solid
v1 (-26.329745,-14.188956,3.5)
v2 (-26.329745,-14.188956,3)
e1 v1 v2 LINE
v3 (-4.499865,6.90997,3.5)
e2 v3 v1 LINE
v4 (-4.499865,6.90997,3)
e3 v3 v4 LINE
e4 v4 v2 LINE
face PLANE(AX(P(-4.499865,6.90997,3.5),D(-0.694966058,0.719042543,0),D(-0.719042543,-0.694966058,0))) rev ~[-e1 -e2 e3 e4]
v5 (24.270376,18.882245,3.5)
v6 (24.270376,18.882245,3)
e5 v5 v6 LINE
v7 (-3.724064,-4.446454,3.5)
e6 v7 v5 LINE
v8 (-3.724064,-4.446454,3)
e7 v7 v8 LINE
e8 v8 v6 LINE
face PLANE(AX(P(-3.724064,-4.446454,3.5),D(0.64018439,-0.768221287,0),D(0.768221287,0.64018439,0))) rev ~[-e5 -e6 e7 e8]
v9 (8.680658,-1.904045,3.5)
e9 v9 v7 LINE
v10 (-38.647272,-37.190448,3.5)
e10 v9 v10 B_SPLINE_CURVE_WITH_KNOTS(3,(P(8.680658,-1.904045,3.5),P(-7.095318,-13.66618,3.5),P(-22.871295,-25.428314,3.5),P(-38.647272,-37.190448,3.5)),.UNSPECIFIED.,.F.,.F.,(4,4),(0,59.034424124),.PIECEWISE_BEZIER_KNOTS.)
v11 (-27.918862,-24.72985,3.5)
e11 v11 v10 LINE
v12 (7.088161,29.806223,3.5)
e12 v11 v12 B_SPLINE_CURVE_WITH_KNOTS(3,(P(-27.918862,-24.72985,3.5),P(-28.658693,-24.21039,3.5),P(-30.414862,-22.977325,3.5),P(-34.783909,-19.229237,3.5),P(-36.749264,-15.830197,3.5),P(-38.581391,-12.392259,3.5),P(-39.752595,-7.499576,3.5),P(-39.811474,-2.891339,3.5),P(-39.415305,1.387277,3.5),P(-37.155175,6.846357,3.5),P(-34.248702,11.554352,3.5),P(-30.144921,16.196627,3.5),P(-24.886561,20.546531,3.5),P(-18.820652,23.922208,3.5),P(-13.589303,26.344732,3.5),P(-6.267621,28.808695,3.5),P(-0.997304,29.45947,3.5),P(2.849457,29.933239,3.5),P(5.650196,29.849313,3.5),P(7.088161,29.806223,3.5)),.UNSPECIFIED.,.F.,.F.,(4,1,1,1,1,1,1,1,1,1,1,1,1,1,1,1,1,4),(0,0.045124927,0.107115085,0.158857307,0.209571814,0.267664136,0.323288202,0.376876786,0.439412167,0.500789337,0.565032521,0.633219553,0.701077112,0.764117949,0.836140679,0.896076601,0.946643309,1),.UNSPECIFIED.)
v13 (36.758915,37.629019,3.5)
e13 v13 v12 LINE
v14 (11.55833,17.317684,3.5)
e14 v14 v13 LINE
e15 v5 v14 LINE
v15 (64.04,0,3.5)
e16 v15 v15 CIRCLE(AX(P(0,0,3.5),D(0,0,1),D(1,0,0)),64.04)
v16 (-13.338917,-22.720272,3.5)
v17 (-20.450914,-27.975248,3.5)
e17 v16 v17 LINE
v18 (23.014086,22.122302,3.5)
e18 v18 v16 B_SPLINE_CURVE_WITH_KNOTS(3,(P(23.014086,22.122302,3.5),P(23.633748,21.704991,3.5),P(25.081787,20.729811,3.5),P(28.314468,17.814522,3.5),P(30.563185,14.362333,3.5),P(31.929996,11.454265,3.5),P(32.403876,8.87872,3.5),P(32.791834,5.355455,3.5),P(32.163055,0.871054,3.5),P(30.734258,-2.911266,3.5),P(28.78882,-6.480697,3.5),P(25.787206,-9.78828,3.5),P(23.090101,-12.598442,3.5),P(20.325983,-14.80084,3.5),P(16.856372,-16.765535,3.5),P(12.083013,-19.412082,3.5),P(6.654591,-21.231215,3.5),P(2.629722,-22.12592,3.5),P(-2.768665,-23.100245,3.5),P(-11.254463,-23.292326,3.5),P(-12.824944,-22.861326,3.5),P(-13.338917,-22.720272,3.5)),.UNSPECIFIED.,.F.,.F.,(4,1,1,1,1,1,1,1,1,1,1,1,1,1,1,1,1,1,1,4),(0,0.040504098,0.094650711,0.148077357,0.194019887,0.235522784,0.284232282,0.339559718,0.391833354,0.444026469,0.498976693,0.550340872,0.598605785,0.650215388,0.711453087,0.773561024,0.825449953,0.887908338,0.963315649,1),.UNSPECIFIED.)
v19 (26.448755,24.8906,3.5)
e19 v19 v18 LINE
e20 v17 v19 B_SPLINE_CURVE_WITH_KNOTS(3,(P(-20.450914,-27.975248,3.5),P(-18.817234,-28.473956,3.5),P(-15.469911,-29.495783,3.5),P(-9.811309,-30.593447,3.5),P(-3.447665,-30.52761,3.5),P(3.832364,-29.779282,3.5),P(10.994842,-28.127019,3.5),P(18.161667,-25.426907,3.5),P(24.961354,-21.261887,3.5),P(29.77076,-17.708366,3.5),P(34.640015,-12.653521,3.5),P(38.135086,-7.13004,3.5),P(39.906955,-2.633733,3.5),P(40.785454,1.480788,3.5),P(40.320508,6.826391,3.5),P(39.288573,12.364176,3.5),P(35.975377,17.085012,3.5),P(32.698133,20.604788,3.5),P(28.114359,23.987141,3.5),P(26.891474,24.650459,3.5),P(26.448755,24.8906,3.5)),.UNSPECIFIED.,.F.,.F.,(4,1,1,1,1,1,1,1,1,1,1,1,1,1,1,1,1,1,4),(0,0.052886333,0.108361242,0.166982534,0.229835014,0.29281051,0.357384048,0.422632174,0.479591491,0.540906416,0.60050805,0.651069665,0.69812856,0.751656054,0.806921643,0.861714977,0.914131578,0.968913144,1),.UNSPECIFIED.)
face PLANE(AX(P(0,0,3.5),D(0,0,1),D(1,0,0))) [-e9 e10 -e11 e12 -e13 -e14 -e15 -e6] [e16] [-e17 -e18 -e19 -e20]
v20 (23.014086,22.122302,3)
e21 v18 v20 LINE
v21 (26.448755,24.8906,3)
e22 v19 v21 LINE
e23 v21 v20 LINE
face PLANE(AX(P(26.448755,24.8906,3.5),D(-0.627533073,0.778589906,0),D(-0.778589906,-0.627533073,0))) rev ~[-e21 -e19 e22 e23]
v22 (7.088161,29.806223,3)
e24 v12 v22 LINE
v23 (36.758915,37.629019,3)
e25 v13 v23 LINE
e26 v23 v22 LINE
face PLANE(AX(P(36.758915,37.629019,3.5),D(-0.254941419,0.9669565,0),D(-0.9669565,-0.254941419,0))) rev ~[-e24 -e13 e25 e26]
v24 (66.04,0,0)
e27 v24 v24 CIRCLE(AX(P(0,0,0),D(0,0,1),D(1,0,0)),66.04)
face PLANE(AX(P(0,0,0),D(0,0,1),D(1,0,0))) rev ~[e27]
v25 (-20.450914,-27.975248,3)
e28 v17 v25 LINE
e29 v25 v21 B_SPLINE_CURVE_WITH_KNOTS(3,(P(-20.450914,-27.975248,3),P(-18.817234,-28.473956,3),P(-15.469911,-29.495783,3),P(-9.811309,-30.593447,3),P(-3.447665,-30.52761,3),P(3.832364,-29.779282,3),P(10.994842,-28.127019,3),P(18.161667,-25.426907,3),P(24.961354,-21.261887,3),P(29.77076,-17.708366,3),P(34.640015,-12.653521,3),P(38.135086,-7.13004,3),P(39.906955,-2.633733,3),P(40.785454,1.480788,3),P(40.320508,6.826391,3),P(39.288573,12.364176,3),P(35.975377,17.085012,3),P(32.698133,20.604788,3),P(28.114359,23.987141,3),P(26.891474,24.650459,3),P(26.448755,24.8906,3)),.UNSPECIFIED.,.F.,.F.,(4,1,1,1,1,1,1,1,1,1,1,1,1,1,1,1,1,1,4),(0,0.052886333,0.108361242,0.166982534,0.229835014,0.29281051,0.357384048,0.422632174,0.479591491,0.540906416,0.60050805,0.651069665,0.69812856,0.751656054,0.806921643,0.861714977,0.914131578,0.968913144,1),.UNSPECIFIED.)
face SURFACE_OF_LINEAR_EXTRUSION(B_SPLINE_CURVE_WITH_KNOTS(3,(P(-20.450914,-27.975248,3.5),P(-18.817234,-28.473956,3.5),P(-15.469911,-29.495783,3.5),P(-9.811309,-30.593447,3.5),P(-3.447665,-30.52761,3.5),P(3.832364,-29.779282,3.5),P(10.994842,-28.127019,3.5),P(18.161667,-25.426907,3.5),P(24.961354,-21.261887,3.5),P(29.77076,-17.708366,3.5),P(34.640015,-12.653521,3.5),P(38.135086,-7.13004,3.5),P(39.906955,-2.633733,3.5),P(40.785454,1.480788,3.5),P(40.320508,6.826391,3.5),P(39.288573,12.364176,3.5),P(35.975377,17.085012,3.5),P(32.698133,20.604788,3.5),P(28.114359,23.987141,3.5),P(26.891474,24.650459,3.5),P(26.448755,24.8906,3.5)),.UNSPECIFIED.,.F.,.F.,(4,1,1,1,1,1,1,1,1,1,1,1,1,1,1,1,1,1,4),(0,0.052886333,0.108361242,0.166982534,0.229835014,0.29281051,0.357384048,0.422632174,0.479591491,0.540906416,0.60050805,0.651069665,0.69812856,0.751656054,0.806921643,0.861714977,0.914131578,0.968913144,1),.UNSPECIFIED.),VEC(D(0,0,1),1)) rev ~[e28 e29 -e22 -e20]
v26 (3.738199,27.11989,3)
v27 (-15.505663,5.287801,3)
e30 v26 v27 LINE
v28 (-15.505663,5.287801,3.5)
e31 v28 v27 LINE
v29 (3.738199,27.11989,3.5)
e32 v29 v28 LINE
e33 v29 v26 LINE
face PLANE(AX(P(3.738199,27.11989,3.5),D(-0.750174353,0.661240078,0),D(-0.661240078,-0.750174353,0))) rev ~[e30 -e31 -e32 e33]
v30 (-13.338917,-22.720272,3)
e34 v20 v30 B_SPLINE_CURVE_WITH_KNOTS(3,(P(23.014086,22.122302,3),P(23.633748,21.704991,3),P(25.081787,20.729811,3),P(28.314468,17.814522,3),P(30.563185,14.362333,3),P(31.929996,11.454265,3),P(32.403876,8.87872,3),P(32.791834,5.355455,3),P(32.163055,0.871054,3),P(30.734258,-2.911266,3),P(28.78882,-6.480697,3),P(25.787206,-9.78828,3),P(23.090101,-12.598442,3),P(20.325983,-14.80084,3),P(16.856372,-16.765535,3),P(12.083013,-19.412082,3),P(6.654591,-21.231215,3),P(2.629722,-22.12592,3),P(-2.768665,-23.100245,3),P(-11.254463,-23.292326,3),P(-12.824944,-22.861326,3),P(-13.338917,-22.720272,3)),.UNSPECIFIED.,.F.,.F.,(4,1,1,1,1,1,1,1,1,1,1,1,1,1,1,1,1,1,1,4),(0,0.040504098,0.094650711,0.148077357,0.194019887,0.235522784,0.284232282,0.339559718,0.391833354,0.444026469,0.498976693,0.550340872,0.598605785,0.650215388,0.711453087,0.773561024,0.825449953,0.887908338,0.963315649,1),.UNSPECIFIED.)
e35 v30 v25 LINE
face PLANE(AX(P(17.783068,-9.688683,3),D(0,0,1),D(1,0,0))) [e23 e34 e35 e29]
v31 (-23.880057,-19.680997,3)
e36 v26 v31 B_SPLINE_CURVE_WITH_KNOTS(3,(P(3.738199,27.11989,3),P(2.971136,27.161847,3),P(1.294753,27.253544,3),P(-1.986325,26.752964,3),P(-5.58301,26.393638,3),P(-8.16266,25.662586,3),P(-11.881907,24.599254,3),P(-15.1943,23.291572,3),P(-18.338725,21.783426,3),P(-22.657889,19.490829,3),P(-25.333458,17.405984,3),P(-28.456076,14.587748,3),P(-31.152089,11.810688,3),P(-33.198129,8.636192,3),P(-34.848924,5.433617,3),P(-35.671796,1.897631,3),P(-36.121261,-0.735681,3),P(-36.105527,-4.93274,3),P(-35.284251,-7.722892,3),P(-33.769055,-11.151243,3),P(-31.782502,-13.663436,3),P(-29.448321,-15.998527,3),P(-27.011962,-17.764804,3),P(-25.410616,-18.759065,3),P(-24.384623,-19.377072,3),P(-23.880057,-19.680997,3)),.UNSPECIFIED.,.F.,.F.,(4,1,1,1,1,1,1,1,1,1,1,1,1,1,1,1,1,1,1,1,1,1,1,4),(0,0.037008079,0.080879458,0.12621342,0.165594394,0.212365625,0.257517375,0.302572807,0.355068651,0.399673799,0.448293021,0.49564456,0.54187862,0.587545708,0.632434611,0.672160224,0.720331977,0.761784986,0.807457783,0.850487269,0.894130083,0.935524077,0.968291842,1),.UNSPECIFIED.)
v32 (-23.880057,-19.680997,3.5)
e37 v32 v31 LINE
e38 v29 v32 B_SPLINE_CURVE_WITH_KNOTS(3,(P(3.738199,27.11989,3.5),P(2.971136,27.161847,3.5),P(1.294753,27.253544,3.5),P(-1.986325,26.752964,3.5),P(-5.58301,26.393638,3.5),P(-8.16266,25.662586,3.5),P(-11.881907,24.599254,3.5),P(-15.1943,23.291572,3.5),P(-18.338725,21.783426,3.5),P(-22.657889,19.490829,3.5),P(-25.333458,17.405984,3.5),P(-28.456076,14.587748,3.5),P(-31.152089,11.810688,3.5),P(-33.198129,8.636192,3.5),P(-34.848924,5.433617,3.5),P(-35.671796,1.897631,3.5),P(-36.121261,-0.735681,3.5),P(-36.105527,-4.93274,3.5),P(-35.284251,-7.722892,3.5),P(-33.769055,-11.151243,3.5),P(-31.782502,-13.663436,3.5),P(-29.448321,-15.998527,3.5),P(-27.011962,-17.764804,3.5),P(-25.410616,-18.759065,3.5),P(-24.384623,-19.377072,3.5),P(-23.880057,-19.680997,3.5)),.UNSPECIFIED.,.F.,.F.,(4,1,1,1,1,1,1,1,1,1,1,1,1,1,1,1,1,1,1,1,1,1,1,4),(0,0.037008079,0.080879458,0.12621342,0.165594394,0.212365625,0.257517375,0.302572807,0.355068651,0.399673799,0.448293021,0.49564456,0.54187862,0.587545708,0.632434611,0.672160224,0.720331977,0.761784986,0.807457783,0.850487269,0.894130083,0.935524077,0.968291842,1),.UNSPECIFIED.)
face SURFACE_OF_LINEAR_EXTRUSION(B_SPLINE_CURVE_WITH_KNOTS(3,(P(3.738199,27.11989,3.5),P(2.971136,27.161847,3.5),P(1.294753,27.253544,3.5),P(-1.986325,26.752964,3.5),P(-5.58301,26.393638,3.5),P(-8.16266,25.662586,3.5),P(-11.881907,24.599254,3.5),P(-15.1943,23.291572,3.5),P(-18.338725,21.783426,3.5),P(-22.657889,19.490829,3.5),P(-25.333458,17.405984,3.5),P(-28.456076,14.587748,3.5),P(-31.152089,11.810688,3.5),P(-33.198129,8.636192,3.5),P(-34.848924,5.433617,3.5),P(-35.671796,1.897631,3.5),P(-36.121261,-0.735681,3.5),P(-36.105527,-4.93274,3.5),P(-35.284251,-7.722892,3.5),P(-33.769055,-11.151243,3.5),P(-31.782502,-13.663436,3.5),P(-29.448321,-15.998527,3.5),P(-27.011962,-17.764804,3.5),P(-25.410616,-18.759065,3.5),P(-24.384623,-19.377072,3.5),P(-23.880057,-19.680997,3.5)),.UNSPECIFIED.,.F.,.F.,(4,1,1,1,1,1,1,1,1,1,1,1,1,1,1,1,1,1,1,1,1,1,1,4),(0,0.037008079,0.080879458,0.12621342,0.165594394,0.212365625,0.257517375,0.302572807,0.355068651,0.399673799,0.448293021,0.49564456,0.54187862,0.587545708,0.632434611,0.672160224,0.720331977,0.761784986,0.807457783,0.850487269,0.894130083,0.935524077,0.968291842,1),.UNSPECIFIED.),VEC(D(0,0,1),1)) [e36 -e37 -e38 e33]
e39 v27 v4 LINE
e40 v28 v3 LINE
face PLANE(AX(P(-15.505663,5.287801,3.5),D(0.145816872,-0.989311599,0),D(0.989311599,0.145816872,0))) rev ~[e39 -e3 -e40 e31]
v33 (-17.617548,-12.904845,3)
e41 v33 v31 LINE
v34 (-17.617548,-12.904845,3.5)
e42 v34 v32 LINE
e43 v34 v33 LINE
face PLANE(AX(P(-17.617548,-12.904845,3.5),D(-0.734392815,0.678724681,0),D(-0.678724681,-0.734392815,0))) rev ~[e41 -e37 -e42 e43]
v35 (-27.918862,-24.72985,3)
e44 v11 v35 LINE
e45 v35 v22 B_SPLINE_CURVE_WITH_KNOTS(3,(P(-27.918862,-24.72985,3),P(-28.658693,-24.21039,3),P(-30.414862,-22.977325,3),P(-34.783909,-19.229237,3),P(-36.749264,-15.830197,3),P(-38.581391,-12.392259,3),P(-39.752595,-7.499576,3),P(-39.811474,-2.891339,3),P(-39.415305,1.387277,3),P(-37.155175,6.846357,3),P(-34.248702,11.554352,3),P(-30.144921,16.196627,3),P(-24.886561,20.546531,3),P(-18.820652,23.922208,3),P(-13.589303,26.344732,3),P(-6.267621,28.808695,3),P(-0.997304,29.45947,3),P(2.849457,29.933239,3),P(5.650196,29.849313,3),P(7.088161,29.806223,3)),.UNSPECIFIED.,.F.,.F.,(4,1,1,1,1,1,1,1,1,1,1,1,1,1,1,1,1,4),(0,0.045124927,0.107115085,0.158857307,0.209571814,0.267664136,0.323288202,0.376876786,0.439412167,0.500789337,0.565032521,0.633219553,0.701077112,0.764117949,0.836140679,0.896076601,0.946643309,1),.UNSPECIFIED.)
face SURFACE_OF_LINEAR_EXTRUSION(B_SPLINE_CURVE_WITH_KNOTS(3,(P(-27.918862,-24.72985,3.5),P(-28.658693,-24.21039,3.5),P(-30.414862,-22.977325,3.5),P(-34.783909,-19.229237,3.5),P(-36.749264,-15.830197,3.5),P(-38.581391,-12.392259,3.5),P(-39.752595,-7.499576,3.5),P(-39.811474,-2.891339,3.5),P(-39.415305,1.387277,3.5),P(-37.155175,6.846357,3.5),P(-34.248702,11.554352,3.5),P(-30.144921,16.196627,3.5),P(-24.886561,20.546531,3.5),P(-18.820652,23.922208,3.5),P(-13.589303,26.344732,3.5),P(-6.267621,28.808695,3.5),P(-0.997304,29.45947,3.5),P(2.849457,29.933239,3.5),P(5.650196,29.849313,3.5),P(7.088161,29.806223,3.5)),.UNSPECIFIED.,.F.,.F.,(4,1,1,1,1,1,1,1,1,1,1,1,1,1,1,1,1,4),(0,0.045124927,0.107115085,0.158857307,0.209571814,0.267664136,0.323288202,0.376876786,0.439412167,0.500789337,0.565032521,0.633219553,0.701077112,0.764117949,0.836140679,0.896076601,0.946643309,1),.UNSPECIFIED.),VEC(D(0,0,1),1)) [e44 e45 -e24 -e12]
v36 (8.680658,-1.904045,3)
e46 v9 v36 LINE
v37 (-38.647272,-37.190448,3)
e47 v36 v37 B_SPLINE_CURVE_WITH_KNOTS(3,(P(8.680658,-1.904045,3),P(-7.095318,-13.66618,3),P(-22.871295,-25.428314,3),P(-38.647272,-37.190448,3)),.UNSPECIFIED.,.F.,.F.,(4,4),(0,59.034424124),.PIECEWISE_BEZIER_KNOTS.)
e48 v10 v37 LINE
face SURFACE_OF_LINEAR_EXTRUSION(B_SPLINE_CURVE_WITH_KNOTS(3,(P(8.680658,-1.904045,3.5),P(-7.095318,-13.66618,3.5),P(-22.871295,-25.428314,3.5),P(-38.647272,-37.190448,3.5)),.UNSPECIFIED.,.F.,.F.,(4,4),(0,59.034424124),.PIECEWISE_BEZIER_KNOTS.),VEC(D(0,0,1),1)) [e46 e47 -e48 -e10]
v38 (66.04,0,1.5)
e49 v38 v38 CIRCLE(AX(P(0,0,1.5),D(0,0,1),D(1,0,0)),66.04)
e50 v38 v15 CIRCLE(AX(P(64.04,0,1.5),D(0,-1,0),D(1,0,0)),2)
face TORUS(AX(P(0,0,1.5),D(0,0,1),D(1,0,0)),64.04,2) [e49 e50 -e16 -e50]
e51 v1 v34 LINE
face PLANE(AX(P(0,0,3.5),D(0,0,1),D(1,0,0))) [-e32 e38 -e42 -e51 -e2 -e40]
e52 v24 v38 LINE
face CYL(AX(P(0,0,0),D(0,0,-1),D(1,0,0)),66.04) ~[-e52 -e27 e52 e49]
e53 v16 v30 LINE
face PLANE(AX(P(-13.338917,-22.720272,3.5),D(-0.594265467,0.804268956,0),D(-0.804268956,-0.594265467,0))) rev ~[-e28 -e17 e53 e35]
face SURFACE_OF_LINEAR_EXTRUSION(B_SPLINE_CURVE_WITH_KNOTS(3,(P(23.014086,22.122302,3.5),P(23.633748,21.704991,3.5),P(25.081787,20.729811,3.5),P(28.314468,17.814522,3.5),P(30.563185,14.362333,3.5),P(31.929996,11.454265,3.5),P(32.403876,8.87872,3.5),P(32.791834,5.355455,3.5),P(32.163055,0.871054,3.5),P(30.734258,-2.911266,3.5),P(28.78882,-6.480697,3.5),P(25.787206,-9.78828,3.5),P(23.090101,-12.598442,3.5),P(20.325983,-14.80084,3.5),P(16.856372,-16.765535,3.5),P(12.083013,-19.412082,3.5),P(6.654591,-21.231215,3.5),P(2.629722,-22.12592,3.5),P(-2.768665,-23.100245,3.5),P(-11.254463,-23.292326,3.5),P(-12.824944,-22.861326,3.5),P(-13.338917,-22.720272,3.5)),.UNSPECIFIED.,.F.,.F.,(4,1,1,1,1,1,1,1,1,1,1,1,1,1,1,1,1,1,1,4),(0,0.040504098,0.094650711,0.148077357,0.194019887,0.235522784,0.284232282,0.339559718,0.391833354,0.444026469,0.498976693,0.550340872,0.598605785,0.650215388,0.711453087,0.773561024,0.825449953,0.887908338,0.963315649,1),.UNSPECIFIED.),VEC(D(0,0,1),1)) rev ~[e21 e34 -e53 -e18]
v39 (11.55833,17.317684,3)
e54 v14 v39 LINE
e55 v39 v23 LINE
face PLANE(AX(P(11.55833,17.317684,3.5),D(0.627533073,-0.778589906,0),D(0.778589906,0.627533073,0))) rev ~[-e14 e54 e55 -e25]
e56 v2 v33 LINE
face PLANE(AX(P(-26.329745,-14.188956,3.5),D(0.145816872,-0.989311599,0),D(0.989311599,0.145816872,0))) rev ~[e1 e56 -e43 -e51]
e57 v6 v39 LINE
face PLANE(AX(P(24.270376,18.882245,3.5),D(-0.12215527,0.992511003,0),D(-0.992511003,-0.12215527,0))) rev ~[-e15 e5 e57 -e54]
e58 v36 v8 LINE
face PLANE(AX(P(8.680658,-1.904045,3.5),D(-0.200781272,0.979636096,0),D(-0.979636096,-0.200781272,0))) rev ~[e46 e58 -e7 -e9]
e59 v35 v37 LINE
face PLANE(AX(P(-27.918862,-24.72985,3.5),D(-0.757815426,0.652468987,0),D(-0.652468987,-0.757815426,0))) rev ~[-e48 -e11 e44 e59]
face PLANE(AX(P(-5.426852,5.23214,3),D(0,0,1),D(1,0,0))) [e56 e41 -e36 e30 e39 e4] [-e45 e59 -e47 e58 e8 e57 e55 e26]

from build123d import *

# Parameters (mm, degrees)
F0_R     = 66.04
F1_DEPTH = 3.5
F3_DEPTH = 0.5
F4_R     = 2


with BuildPart() as f1:
    # F0 (on Top) → F1 (new body)
    with BuildSketch(Plane.XY):
        Circle(F0_R)
    extrude(amount=F1_DEPTH)

    # F2 (on face) → F3 (cut)
    with BuildSketch(Plane.XY.offset(3.5)):
        with BuildLine():
            Line((36.7589145899, 37.629019469), (7.088160608, 29.8062227666))
            add(Edge.make_bspline(
                [(-27.9188621789, -24.7298497707), (-28.6586928586, -24.2103901464), (-30.4148624686, -22.977325297), (-34.7839086401, -19.2292372163), (-36.7492639554, -15.8301967621), (-38.5813905625, -12.392258781), (-39.75259532, -7.49957565), (-39.8114737138, -2.8913390892), (-39.4153051917, 1.3872774793), (-37.155174617, 6.8463574778), (-34.2487020488, 11.5543521179), (-30.1449211522, 16.1966267345), (-24.8865606472, 20.5465305085), (-18.820652323, 23.9222079865), (-13.5893033373, 26.3447324713), (-6.2676210393, 28.8086948244), (-0.9973036761, 29.4594702935), (2.8494568659, 29.9332388479), (5.6501959782, 29.8493125043), (7.088160608, 29.8062227666)],
                knots=[0, 0, 0, 0, 0.0451249272, 0.1071150846, 0.1588573068, 0.2095718144, 0.267664136, 0.3232882023, 0.3768767861, 0.4394121671, 0.5007893365, 0.5650325207, 0.6332195526, 0.7010771123, 0.7641179487, 0.8361406793, 0.8960766014, 0.946643309, 1, 1, 1, 1], degree=3))
            Line((-27.9188621789, -24.7298497707), (-38.6472716928, -37.1904484928))
            add(Edge.make_bspline(
                [(8.680658415, -1.9040451152), (-7.0953182876, -13.6661795744), (-22.8712949902, -25.4283140336), (-38.6472716928, -37.1904484928)],
                knots=[0, 0, 0, 0, 59.0344241236, 59.0344241236, 59.0344241236, 59.0344241236], degree=3))
            Line((8.680658415, -1.9040451152), (-3.7240635138, -4.4464543462))
            Line((-3.7240635138, -4.4464543462), (24.2703761905, 18.8822448254))
            Line((24.2703761905, 18.8822448254), (11.5583296865, 17.3176843673))
            Line((11.5583296865, 17.3176843673), (36.7589145899, 37.629019469))
        make_face()
        with BuildLine():
            add(Edge.make_bspline(
                [(3.7381993607, 27.1198898554), (2.971135623, 27.1618474152), (1.2947530215, 27.2535437369), (-1.9863245634, 26.752964039), (-5.5830102518, 26.3936384961), (-8.1626603235, 25.6625858195), (-11.8819068257, 24.5992540716), (-15.194299707, 23.2915717189), (-18.3387248736, 21.7834257182), (-22.657889275, 19.4908286459), (-25.3334584396, 17.405984417), (-28.4560760539, 14.5877478565), (-31.1520888031, 11.8106881463), (-33.1981293641, 8.6361921113), (-34.8489244867, 5.4336172817), (-35.6717957614, 1.8976307489), (-36.1212606559, -0.7356813567), (-36.1055273874, -4.9327401117), (-35.284250801, -7.7228924909), (-33.7690554357, -11.151243353), (-31.7825018341, -13.6634363898), (-29.4483207392, -15.9985267381), (-27.0119624763, -17.7648035422), (-25.4106160526, -18.7590652994), (-24.3846229373, -19.3770721413), (-23.8800570369, -19.6809973568)],
                knots=[0, 0, 0, 0, 0.0370080786, 0.0808794576, 0.1262134195, 0.1655943936, 0.2123656254, 0.2575173754, 0.3025728065, 0.3550686508, 0.3996737986, 0.4482930207, 0.4956445603, 0.5418786203, 0.587545708, 0.6324346113, 0.6721602243, 0.720331977, 0.7617849857, 0.8074577834, 0.8504872685, 0.8941300827, 0.9355240772, 0.9682918418, 1, 1, 1, 1], degree=3))
            Line((3.7381993607, 27.1198898554), (-15.5056634386, 5.2878007289))
            Line((-15.5056634386, 5.2878007289), (-4.4998652302, 6.9099701941))
            Line((-4.4998652302, 6.9099701941), (-26.3297446072, -14.188955538))
            Line((-26.3297446072, -14.188955538), (-17.6175478846, -12.9048451781))
            Line((-17.6175478846, -12.9048451781), (-23.8800570369, -19.6809973568))
        make_face(mode=Mode.SUBTRACT)
        with BuildLine():
            add(Edge.make_bspline(
                [(23.0140855235, 22.1223023413), (23.6337480093, 21.7049911427), (25.0817865454, 20.7298107649), (28.3144677633, 17.8145217038), (30.5631850073, 14.3623327366), (31.9299956157, 11.4542653938), (32.4038757117, 8.878719599), (32.7918336503, 5.3554549599), (32.1630546429, 0.8710537681), (30.7342580485, -2.9112662617), (28.7888202269, -6.4806965762), (25.7872064292, -9.7882796528), (23.0901008337, -12.5984417239), (20.3259832239, -14.8008398541), (16.8563718909, -16.7655352132), (12.083012982, -19.4120821964), (6.6545909805, -21.2312151302), (2.6297224287, -22.1259203281), (-2.7686651604, -23.1002452156), (-11.2544630445, -23.2923264004), (-12.8249440359, -22.861325742), (-13.338916935, -22.7202717215)],
                knots=[0, 0, 0, 0, 0.0405040979, 0.0946507106, 0.1480773568, 0.1940198869, 0.2355227836, 0.2842322816, 0.3395597185, 0.3918333536, 0.4440264689, 0.4989766927, 0.5503408725, 0.5986057845, 0.650215388, 0.7114530865, 0.7735610236, 0.8254499534, 0.8879083382, 0.9633156487, 1, 1, 1, 1], degree=3))
            Line((-13.338916935, -22.7202717215), (-20.4509142786, -27.9752481729))
            add(Edge.make_bspline(
                [(-20.4509142786, -27.9752481729), (-18.8172337543, -28.4739563845), (-15.4699105031, -29.4957826029), (-9.8113094816, -30.5934467075), (-3.4476646051, -30.5276095836), (3.8323637699, -29.7792821906), (10.9948418748, -28.1270192234), (18.1616670883, -25.4269070755), (24.9613540992, -21.2618874253), (29.7707603508, -17.7083655535), (34.6400151481, -12.6535211177), (38.1350855825, -7.1300397484), (39.906954757, -2.6337329233), (40.7854535947, 1.4807883485), (40.3205082437, 6.8263907972), (39.2885733015, 12.3641756391), (35.9753768895, 17.0850121131), (32.6981331654, 20.6047877337), (28.1143591936, 23.9871411799), (26.8914743312, 24.6504593747), (26.4487545937, 24.8905997723)],
                knots=[0, 0, 0, 0, 0.0528863325, 0.1083612418, 0.1669825339, 0.2298350138, 0.2928105097, 0.3573840476, 0.4226321743, 0.4795914908, 0.5409064156, 0.6005080495, 0.6510696648, 0.6981285603, 0.7516560544, 0.8069216428, 0.8617149771, 0.914131578, 0.9689131443, 1, 1, 1, 1], degree=3))
            Line((26.4487545937, 24.8905997723), (23.0140855235, 22.1223023413))
        make_face()
    extrude(amount=-F3_DEPTH, mode=Mode.SUBTRACT)

    # F4
    f4_edges = [f1.edges().sort_by_distance(p)[0] for p in [
        (-66.04, 0, 3.5),
    ]]
    fillet(f4_edges, radius=F4_R)


solid = f1.part
